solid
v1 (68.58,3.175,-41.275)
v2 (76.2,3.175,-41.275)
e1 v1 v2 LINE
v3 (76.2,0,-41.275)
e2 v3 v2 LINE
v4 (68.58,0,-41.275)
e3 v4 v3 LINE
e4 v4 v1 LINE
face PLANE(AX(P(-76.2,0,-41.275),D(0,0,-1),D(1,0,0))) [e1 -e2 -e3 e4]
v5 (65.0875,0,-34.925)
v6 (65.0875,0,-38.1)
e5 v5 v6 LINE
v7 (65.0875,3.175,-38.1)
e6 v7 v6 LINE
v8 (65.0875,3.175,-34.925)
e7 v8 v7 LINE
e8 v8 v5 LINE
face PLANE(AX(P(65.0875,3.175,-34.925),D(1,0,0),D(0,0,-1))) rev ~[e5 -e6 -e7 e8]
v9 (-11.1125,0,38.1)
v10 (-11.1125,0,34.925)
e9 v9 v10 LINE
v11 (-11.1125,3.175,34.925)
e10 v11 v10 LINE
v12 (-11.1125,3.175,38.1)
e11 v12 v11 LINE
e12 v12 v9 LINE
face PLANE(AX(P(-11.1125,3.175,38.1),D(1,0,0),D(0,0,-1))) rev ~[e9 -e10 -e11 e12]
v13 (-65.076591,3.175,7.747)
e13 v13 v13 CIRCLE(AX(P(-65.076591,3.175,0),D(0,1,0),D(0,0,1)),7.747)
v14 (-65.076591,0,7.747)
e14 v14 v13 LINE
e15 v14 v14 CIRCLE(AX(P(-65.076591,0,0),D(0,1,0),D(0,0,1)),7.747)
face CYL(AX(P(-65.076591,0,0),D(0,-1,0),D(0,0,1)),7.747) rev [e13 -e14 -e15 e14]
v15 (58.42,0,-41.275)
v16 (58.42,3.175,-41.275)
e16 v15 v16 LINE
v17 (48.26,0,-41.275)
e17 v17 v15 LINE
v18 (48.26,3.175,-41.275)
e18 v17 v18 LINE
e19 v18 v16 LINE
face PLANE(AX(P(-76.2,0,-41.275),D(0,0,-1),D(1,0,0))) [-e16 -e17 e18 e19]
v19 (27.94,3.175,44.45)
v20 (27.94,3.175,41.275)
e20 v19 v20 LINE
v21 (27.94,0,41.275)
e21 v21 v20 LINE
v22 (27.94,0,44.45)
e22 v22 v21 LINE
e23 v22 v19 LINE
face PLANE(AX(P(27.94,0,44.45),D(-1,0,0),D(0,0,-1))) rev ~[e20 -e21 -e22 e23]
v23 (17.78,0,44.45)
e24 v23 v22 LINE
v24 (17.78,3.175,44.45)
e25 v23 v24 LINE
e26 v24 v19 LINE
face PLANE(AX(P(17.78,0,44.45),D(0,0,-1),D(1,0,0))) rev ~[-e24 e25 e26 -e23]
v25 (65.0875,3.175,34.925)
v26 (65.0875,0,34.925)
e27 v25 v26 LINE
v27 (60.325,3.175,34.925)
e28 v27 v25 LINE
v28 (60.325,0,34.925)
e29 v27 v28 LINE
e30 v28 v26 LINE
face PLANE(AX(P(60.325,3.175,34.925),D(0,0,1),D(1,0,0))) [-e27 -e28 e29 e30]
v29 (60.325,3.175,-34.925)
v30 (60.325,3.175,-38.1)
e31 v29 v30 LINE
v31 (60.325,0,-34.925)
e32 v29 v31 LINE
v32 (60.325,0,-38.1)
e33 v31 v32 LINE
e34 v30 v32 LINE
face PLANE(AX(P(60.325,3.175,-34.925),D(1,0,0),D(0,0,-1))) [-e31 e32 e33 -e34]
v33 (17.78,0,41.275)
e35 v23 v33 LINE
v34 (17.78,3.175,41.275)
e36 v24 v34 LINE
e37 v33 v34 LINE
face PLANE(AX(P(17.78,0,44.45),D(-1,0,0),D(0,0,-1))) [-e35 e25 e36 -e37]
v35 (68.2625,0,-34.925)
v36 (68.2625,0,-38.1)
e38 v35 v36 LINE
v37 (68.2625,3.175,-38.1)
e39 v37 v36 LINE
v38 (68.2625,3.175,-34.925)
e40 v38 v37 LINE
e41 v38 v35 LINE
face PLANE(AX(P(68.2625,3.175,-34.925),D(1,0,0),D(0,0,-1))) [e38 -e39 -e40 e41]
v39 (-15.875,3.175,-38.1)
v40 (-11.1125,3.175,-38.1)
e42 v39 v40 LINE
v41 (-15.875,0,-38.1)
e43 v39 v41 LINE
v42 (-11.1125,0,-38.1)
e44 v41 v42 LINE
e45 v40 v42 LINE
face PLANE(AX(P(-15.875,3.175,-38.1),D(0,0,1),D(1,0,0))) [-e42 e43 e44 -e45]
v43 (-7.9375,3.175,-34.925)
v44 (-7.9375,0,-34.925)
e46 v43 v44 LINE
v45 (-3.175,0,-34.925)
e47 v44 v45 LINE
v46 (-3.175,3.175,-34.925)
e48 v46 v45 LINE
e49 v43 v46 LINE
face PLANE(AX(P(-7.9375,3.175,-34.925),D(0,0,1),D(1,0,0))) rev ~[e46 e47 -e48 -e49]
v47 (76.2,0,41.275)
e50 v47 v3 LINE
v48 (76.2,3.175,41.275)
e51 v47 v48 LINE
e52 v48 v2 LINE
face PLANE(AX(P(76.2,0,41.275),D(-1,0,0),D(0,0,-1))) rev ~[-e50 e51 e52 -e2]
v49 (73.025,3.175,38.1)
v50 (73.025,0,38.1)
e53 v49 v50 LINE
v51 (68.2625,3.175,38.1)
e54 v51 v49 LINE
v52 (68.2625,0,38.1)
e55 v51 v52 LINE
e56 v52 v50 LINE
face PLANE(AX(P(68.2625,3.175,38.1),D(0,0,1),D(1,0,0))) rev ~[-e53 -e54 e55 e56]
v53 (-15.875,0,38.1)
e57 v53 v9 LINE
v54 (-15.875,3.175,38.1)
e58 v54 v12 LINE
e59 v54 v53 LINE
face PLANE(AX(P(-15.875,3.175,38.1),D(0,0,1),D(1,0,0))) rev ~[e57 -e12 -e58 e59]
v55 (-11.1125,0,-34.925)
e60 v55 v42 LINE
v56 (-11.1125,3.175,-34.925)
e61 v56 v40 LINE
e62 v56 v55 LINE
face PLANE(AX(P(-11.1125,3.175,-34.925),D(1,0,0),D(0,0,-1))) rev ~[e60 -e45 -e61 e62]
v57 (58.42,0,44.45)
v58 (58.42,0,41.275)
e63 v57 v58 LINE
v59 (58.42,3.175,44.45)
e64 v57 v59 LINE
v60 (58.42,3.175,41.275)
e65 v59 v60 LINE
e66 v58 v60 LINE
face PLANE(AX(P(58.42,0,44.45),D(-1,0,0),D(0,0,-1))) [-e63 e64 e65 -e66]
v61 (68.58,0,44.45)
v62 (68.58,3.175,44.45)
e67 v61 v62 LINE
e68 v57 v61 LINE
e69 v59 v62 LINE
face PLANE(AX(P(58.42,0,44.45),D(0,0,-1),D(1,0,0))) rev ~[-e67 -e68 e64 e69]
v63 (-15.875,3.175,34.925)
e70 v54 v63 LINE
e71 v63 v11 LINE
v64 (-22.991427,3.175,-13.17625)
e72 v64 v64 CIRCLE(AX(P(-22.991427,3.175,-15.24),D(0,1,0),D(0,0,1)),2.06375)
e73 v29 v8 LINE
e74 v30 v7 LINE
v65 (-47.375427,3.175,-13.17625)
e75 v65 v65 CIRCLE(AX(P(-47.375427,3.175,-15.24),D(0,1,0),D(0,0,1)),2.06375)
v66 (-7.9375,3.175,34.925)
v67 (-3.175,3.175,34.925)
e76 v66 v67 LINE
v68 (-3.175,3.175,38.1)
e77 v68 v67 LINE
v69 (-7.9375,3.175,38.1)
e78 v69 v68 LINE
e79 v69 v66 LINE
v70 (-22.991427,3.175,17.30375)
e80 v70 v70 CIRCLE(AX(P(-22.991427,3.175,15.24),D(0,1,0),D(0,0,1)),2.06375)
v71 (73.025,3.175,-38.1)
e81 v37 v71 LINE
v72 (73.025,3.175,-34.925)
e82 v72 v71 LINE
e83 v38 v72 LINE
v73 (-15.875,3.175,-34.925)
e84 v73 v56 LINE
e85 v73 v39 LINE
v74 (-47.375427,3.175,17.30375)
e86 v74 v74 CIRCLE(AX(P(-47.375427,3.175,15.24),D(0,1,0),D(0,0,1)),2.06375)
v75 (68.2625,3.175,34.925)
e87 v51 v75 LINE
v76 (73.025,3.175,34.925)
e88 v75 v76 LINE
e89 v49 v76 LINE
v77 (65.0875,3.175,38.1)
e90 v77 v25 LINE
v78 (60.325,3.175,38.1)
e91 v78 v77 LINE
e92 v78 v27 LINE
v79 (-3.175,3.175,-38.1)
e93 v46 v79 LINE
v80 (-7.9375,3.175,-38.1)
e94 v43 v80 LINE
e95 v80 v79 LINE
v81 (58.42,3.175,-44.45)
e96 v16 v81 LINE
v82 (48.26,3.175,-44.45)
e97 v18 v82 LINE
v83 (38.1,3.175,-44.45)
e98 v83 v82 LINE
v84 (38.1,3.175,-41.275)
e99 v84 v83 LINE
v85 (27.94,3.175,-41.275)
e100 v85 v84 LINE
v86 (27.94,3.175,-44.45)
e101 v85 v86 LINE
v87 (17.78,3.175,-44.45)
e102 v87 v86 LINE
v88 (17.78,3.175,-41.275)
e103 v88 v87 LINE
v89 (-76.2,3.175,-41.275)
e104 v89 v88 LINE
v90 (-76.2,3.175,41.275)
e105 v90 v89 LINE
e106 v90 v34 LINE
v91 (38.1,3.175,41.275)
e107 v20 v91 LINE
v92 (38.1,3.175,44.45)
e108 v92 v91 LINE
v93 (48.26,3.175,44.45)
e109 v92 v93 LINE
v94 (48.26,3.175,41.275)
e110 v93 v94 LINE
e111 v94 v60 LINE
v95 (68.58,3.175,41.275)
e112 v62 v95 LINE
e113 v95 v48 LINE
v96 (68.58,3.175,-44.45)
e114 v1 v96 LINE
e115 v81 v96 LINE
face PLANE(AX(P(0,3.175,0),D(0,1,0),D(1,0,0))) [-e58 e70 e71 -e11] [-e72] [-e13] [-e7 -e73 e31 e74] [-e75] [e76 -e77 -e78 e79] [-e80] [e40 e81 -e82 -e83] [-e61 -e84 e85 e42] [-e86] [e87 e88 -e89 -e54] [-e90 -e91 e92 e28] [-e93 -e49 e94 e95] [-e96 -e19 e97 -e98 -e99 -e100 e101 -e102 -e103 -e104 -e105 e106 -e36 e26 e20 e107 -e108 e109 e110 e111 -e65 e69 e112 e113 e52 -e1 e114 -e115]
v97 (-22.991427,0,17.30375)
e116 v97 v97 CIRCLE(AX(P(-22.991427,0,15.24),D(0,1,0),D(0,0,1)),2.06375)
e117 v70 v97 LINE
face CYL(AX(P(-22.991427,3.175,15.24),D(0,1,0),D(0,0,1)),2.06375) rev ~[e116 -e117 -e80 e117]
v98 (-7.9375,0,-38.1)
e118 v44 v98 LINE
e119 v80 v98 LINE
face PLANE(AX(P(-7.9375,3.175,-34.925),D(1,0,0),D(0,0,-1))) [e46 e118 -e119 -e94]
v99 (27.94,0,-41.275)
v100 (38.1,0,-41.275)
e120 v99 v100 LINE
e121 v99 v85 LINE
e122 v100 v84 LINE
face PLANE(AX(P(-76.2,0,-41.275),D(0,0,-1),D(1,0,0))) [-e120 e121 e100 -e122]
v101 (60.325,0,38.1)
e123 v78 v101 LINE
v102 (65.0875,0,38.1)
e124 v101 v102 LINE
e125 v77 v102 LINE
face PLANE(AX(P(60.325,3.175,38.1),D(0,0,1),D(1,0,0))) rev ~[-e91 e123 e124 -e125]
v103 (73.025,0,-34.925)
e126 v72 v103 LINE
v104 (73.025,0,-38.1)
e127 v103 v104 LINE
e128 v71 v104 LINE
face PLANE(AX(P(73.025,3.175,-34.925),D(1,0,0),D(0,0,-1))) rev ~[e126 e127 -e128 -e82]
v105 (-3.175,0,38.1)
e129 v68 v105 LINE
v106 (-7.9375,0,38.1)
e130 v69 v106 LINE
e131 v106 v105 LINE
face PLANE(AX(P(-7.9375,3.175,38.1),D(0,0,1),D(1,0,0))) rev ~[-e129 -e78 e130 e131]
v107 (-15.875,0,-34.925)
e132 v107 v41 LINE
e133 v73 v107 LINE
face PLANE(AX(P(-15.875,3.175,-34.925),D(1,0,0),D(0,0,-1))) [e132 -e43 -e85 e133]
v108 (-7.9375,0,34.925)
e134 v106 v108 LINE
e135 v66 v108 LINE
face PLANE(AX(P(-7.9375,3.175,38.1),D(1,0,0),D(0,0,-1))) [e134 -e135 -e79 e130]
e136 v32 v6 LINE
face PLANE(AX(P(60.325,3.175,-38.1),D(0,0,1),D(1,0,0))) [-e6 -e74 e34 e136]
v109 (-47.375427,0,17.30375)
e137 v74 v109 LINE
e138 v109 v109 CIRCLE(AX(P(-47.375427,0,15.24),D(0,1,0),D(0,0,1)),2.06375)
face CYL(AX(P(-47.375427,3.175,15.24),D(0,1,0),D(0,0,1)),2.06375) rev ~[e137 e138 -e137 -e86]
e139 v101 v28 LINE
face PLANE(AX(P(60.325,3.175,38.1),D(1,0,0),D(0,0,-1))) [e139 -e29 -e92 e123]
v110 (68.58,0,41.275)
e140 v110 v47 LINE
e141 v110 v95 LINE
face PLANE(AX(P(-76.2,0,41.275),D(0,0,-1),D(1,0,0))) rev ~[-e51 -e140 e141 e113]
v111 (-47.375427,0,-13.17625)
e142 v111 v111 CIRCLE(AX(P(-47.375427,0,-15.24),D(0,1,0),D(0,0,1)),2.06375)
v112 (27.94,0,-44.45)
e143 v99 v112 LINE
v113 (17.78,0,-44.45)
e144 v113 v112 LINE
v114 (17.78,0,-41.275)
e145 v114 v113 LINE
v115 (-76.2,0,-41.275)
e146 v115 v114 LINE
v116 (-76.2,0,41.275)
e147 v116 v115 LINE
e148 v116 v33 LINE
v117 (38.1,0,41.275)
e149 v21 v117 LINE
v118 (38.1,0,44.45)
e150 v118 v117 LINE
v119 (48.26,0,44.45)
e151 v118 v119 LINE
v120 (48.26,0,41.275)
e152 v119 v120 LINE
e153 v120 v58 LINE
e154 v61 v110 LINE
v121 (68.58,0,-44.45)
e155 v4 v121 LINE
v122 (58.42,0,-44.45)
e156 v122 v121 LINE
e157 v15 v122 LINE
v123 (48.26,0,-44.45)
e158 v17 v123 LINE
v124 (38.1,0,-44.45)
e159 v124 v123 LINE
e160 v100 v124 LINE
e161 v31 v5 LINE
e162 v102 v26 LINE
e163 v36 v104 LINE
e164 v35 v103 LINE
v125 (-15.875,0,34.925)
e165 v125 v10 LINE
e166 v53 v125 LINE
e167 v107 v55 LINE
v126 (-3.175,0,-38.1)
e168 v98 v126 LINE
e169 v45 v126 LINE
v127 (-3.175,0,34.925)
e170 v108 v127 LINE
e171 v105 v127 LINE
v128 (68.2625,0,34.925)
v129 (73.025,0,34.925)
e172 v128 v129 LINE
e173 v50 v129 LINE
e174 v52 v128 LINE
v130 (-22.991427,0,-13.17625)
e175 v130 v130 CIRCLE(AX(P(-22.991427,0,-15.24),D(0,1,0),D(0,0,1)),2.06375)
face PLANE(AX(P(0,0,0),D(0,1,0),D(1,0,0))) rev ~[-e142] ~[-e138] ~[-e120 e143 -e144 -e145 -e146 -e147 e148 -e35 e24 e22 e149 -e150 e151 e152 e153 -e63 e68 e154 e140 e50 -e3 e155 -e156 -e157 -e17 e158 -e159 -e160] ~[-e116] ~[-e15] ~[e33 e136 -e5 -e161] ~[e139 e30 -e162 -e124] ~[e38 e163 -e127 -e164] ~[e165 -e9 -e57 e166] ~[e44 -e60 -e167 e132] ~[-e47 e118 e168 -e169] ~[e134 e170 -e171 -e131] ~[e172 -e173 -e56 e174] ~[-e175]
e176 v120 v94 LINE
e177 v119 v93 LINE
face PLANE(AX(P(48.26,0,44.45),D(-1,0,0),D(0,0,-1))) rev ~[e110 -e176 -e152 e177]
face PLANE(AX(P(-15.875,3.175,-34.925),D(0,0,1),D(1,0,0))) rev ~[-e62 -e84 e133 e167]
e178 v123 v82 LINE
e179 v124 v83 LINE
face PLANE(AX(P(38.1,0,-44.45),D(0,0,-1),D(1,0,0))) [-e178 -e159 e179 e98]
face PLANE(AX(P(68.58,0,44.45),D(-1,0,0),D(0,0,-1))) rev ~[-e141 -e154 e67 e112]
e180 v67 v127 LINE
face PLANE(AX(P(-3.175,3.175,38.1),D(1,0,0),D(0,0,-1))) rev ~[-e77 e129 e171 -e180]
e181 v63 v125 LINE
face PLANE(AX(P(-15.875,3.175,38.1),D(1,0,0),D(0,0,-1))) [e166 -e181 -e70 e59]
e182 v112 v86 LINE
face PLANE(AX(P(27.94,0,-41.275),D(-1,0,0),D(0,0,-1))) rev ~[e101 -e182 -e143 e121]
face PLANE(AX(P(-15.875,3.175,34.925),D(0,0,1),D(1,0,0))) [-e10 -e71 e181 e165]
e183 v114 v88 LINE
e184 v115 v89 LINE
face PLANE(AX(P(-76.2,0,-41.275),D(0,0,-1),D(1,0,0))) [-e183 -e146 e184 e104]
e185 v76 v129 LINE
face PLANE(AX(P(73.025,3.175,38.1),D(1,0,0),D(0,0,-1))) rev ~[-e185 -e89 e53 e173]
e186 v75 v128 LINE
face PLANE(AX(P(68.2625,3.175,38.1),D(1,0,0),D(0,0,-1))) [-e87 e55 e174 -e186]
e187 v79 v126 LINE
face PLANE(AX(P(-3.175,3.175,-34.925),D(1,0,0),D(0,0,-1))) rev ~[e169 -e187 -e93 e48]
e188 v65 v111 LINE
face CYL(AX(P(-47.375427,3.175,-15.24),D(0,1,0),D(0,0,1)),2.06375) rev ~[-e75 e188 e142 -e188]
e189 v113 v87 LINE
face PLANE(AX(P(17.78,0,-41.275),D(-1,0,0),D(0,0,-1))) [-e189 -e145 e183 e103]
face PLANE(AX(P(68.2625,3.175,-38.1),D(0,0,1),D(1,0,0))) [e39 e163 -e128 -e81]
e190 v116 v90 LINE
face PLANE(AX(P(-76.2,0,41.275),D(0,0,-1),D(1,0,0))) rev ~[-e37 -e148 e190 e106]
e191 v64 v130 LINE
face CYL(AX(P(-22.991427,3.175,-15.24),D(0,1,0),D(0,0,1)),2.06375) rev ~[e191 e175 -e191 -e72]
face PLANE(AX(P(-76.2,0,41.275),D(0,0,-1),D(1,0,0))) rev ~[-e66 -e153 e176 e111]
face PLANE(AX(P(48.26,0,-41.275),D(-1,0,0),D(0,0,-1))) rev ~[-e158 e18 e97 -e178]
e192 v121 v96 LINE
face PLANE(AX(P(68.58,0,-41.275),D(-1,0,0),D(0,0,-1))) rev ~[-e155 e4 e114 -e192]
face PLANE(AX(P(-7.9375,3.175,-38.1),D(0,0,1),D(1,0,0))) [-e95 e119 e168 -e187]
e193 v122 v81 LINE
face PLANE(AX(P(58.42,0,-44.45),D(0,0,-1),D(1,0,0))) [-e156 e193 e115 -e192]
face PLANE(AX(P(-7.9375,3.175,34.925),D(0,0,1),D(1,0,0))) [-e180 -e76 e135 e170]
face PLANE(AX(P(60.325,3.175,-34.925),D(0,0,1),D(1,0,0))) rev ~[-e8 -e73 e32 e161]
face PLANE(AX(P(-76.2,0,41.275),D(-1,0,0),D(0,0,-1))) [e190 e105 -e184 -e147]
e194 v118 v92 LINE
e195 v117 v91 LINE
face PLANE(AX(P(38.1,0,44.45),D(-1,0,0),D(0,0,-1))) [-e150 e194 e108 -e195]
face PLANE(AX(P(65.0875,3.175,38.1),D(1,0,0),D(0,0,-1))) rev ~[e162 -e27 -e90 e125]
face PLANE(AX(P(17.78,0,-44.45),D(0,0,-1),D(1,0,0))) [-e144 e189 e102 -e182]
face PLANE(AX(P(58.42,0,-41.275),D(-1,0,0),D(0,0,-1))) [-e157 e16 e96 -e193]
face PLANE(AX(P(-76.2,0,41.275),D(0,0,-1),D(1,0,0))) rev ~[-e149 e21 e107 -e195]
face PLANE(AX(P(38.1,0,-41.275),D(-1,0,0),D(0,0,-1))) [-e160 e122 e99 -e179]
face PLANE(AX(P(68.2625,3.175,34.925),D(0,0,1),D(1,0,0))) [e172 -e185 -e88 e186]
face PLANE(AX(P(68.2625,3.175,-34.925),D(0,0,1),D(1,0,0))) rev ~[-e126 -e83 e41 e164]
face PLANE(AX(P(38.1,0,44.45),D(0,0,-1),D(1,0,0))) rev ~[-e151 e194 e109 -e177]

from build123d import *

# Parameters (mm, degrees)
SKETCH1_R                   = 7.747
BOSS_EXTRUDE1_DEPTH         = 3.175
SKETCH2_R                   = 2.06375
CASTER_MOUNTING_HOLES_DEPTH = 89.274136218
SKETCH3_W                   = 4.7625
SKETCH3_H                   = 3.175
CUT_EXTRUDE1_DEPTH          = 89.274136218
LPATTERN1_COUNT             = 2
LPATTERN1_PITCH             = 76.2
LPATTERN1_COUNT_DIR2        = 2
LPATTERN1_PITCH_DIR2        = 73.025


with BuildPart() as part:
    # Sketch1 → Boss-Extrude1 (new body)
    with BuildSketch(Plane(origin=(0, 0, 0), x_dir=(1, 0, 0), z_dir=(0, 1, 0))):
        Polygon((27.94, -41.275), (38.1, -41.275), (38.1, -44.45), (48.26, -44.45), (48.26, -41.275), (58.42, -41.275), (58.42, -44.45), (68.58, -44.45), (68.58, -41.275), (76.2, -41.275), (76.2, 41.275), (68.58, 41.275), (68.58, 44.45), (58.42, 44.45), (58.42, 41.275), (48.26, 41.275), (48.26, 44.45), (38.1, 44.45), (38.1, 41.275), (27.94, 41.275), (27.94, 44.45), (17.78, 44.45), (17.78, 41.275), (-76.2, 41.275), (-76.2, -41.275), (17.78, -41.275), (17.78, -44.45), (27.94, -44.45), align=None)
        with Locations((-65.076590574, 0)):
            Circle(SKETCH1_R, mode=Mode.SUBTRACT)
    extrude(amount=BOSS_EXTRUDE1_DEPTH)

    # Sketch2 → Caster Mounting Holes (cut, through all)
    with BuildSketch(Plane(origin=(0, 3.175, 0), x_dir=(1, 0, 0), z_dir=(0, 1, 0))):
        with Locations((-47.3754273, 15.24)):
            Circle(SKETCH2_R)
        with Locations((-22.9914273, 15.24)):
            Circle(SKETCH2_R)
        with Locations((-22.9914273, -15.24)):
            Circle(SKETCH2_R)
        with Locations((-47.3754273, -15.24)):
            Circle(SKETCH2_R)
    extrude(amount=-CASTER_MOUNTING_HOLES_DEPTH, mode=Mode.SUBTRACT)

    # Sketch3 → Cut-Extrude1 (cut, through all)
    with BuildSketch(Plane(origin=(0, 3.175, 0), x_dir=(1, 0, 0), z_dir=(0, 1, 0))):
        with Locations((62.70625, 36.5125)):
            Rectangle(SKETCH3_W, SKETCH3_H)
        with Locations((70.64375, 36.5125)):
            Rectangle(SKETCH3_W, SKETCH3_H)
    cut_extrude1 = extrude(amount=-CUT_EXTRUDE1_DEPTH, mode=Mode.SUBTRACT)

    # LPattern1: Cut-Extrude1 2 × 2
    with Locations(*[(-i * LPATTERN1_PITCH, 0, j * LPATTERN1_PITCH_DIR2) for i in range(LPATTERN1_COUNT) for j in range(LPATTERN1_COUNT_DIR2) if (i, j) != (0, 0)]):
        add(cut_extrude1, mode=Mode.SUBTRACT)


solid = part.part
